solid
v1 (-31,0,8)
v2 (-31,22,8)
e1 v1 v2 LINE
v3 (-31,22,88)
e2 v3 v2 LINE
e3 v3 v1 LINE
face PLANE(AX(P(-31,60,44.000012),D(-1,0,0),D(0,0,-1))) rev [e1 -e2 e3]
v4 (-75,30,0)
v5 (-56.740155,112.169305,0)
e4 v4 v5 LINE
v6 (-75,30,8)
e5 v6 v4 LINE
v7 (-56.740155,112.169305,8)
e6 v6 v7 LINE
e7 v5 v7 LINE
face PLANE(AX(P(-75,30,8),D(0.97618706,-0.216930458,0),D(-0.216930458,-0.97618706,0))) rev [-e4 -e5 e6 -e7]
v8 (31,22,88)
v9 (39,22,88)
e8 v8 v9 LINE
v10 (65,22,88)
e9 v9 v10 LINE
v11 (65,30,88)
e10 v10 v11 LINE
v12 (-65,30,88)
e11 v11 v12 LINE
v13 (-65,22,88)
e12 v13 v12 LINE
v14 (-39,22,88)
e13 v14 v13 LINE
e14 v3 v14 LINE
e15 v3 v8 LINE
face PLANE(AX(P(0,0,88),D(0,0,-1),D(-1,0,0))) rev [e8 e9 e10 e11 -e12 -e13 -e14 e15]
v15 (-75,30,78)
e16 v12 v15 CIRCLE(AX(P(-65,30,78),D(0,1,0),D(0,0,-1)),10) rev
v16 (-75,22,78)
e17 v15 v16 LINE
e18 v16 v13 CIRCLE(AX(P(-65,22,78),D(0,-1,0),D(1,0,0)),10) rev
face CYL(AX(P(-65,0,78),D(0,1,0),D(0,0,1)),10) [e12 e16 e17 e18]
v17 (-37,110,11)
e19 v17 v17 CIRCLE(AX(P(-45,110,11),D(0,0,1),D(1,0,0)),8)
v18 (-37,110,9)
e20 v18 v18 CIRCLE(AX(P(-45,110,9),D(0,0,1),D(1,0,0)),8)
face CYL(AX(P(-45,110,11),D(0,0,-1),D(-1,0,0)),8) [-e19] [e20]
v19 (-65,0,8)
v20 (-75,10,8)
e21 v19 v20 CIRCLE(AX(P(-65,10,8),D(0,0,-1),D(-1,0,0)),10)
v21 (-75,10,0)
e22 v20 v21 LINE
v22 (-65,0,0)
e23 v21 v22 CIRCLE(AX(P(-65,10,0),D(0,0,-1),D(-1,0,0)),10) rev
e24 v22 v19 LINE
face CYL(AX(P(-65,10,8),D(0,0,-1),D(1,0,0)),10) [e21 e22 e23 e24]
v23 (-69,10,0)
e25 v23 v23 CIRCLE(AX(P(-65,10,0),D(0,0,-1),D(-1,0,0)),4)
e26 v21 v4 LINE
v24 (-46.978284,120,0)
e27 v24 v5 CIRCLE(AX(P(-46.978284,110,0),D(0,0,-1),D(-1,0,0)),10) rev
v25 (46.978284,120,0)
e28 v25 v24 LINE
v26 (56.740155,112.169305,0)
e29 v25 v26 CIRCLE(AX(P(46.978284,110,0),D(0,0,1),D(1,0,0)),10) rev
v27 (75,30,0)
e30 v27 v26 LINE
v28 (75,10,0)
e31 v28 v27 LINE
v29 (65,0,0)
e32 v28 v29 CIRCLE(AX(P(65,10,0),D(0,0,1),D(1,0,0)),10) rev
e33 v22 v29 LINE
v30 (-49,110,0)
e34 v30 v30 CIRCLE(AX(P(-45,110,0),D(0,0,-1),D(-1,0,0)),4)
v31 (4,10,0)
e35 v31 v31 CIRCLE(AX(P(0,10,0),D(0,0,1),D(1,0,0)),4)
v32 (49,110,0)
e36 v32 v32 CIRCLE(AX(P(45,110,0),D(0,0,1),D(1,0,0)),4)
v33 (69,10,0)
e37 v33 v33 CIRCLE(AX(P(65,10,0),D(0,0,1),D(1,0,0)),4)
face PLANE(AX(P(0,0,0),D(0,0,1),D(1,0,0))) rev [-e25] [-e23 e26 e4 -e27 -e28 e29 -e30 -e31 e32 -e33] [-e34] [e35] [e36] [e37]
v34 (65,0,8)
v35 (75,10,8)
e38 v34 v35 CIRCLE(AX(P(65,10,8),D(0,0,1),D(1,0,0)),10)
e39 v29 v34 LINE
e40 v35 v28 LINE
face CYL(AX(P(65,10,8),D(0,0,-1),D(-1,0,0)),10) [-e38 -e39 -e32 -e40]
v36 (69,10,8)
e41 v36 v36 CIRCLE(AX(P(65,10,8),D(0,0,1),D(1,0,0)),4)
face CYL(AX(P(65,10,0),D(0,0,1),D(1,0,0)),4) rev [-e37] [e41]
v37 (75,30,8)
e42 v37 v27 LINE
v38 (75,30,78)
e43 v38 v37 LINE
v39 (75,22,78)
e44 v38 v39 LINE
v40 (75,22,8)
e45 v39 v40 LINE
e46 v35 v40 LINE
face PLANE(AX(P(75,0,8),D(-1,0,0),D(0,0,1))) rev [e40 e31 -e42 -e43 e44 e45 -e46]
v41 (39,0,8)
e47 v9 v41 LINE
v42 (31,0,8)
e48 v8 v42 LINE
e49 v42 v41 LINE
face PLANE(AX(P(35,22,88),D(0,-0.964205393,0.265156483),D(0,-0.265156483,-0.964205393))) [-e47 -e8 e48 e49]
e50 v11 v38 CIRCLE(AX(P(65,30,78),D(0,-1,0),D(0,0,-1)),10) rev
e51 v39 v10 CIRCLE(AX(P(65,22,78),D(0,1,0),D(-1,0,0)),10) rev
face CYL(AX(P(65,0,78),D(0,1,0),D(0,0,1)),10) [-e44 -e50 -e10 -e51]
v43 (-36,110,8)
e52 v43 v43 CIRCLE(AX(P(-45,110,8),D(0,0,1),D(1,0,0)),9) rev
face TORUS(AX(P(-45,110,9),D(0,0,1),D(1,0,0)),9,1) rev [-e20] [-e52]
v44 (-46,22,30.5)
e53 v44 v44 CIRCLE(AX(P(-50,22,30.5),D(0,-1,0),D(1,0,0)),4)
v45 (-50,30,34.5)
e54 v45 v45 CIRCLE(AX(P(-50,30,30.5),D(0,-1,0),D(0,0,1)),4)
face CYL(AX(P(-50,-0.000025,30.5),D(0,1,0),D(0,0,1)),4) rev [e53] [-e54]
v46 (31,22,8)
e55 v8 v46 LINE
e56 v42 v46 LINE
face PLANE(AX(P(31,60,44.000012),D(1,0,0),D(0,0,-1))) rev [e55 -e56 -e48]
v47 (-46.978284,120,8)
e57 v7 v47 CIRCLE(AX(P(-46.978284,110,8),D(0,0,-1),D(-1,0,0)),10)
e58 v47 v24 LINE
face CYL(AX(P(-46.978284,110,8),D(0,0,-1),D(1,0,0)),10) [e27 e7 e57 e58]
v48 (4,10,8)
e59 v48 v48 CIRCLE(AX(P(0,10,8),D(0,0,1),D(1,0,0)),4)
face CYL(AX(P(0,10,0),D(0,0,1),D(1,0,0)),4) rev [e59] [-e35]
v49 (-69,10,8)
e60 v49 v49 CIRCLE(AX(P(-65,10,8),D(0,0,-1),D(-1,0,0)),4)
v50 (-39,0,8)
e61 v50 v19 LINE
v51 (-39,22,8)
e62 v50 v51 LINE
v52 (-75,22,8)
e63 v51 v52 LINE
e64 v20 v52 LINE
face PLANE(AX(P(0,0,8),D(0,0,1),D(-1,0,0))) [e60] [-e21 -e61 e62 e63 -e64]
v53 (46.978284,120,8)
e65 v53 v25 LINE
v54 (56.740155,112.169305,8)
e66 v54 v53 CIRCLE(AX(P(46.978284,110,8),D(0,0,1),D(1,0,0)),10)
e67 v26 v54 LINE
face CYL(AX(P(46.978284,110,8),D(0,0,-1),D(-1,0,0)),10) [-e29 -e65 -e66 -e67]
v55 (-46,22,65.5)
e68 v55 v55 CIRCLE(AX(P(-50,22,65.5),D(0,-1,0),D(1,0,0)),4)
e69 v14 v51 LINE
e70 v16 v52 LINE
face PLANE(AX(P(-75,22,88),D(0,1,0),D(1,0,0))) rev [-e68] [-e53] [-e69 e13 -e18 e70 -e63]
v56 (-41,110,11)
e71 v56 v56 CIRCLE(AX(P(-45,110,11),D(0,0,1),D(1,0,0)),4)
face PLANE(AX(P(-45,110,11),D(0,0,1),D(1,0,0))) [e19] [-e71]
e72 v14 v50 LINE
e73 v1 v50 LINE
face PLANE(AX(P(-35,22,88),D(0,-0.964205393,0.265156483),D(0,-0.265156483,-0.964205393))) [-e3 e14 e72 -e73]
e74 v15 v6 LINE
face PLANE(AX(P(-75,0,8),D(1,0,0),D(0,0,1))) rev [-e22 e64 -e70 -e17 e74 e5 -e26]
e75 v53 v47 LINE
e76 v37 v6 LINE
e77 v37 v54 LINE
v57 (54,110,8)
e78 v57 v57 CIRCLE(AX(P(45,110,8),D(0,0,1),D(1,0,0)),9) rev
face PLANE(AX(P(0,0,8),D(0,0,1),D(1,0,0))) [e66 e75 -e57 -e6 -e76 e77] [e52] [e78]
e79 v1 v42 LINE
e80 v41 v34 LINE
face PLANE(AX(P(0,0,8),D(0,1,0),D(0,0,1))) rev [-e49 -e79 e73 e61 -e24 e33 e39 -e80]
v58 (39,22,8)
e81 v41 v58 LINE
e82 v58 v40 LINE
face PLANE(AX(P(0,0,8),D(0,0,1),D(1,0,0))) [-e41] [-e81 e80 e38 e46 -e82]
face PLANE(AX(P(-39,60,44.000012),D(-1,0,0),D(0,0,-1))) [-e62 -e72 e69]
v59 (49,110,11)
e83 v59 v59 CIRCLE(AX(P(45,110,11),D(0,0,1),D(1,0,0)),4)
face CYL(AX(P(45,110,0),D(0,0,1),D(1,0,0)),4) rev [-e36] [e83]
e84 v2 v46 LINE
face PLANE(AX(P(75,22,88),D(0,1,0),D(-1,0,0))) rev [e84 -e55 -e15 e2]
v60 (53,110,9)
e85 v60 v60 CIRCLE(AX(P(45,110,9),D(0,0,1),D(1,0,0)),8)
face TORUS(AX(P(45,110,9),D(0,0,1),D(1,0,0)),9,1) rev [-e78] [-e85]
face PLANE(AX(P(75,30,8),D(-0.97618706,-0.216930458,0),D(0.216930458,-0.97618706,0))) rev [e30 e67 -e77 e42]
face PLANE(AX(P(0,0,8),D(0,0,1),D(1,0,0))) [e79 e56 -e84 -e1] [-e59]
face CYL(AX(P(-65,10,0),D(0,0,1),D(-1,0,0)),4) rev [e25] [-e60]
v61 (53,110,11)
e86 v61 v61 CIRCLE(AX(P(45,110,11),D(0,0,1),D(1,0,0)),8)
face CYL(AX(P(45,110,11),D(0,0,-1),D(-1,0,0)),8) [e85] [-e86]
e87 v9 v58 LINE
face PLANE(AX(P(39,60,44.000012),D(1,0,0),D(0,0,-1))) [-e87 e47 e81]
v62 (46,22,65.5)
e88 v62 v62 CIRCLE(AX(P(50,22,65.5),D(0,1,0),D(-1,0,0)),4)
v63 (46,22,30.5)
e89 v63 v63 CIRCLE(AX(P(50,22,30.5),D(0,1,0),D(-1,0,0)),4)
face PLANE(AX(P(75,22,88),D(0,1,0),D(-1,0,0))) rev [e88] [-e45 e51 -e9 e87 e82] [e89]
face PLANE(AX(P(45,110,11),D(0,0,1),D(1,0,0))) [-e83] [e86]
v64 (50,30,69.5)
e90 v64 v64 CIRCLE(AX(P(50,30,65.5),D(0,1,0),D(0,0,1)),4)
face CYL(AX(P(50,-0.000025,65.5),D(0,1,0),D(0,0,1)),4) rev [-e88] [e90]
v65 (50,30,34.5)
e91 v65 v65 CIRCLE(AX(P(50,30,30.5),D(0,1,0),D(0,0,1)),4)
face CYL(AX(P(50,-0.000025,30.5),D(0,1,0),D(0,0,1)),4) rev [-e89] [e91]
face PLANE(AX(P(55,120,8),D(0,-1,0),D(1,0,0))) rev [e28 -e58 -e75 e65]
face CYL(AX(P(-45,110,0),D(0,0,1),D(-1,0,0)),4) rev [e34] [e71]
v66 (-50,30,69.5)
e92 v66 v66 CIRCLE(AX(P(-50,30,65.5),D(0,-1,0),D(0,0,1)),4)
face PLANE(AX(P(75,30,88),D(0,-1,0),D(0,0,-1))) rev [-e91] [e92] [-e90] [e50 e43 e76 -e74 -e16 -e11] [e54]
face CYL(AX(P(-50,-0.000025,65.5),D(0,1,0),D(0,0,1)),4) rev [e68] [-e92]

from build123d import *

# Parameters (mm, degrees)
EXTRUDE_1_DEPTH     = 8
SKETCH_2_R          = 4
CUT_EXTRUDE_1_DEPTH = 142.73566947
SKETCH_3_W          = 75
SKETCH_3_H          = 8
EXTRUDE_2_DEPTH     = 80
SKETCH_5_R          = 4
CUT_EXTRUDE_2_DEPTH = 147.523035732
RIB_1_REACH         = 156.091
SKETCH_6_WALL_W     = 393.151638598
SKETCH_6_WALL_H     = 8
FILLET_2_R          = 10
SKETCH_7_R          = 8
SKETCH_7_R_2        = 4
EXTRUDE_3_DEPTH     = 3
FILLET_3_R          = 1


with BuildPart() as part:
    # Эскиз1 → Бобышка-Вытянуть1 (new body)
    with BuildSketch(Plane.XY):
        Polygon((0, 0), (75, 0), (75, 30), (55, 120), (0, 120), align=None)
    extrude(amount=EXTRUDE_1_DEPTH)

    # Эскиз2 → Вырез-Вытянуть1 (cut, through all)
    with BuildSketch(Plane.XY.offset(8)):
        with Locations((45, 110)):
            Circle(SKETCH_2_R)
        with Locations((0, 10)):
            Circle(SKETCH_2_R)
        with Locations((65, 10)):
            Circle(SKETCH_2_R)
    extrude(amount=-CUT_EXTRUDE_1_DEPTH, mode=Mode.SUBTRACT)

    # Эскиз3 → Бобышка-Вытянуть2 (add)
    with BuildSketch(Plane.XY.offset(8)):
        with Locations((37.5, 26)):
            Rectangle(SKETCH_3_W, SKETCH_3_H)
    extrude(amount=EXTRUDE_2_DEPTH)

    # Эскиз5 → Вырез-Вытянуть2 (cut, through all)
    with BuildSketch(Plane(origin=(0, 30, 0), x_dir=(1, 0, 0), z_dir=(0, 1, 0))):
        with Locations(Location((50, -30.5, 0), (0, 0, 270))):
            Circle(SKETCH_5_R)
        with Locations(Location((50, -65.5, 0), (0, 0, 270))):
            Circle(SKETCH_5_R)
    extrude(amount=-CUT_EXTRUDE_2_DEPTH, mode=Mode.SUBTRACT)

    # Эскиз6 wall → Ребро1 (add, up to next)
    with BuildSketch(Plane(origin=(35, 11, 48), x_dir=(0, -0.265156483021, -0.964205392804), z_dir=(0, 0.964205392804, -0.265156483021)), mode=Mode.PRIVATE) as rib_1_sk1:
        Rectangle(SKETCH_6_WALL_W, SKETCH_6_WALL_H)
    rib_1_tool1 = extrude(rib_1_sk1.sketch, amount=RIB_1_REACH, mode=Mode.PRIVATE) - part.part
    add(rib_1_tool1.solids().sort_by_distance((35, 11, 48))[0])

    # Скругление2
    fillet_2_edges = [part.edges().sort_by_distance(p)[0] for p in [
        (55, 120, 4),
        (75, 0, 4),
        (75, 26, 88),
    ]]
    fillet(fillet_2_edges, radius=FILLET_2_R)

    # Зеркальное отражение1: part across plane


with BuildPart() as part_1:
    add(part.part)
    add(part.part.mirror(Plane(origin=(0, 120, 8), x_dir=(0, 0, 1), z_dir=(1, 0, 0))))

    # Эскиз7 → Бобышка-Вытянуть3 (add)
    with BuildSketch(Plane.XY.offset(8)):
        with Locations((-45, 110)):
            Circle(SKETCH_7_R)
        with Locations(Location((-45, 110, 0), (0, 0, 180))):
            Circle(SKETCH_7_R_2, mode=Mode.SUBTRACT)
        with Locations((45, 110)):
            Circle(SKETCH_7_R)
        with Locations((45, 110)):
            Circle(SKETCH_7_R_2, mode=Mode.SUBTRACT)
    extrude(amount=EXTRUDE_3_DEPTH)

    # Скругление3
    fillet_3_edges = [part_1.edges().sort_by_distance(p)[0] for p in [
        (-53, 110, 8),
        (37, 110, 8),
    ]]
    fillet(fillet_3_edges, radius=FILLET_3_R)


solid = part_1.part
